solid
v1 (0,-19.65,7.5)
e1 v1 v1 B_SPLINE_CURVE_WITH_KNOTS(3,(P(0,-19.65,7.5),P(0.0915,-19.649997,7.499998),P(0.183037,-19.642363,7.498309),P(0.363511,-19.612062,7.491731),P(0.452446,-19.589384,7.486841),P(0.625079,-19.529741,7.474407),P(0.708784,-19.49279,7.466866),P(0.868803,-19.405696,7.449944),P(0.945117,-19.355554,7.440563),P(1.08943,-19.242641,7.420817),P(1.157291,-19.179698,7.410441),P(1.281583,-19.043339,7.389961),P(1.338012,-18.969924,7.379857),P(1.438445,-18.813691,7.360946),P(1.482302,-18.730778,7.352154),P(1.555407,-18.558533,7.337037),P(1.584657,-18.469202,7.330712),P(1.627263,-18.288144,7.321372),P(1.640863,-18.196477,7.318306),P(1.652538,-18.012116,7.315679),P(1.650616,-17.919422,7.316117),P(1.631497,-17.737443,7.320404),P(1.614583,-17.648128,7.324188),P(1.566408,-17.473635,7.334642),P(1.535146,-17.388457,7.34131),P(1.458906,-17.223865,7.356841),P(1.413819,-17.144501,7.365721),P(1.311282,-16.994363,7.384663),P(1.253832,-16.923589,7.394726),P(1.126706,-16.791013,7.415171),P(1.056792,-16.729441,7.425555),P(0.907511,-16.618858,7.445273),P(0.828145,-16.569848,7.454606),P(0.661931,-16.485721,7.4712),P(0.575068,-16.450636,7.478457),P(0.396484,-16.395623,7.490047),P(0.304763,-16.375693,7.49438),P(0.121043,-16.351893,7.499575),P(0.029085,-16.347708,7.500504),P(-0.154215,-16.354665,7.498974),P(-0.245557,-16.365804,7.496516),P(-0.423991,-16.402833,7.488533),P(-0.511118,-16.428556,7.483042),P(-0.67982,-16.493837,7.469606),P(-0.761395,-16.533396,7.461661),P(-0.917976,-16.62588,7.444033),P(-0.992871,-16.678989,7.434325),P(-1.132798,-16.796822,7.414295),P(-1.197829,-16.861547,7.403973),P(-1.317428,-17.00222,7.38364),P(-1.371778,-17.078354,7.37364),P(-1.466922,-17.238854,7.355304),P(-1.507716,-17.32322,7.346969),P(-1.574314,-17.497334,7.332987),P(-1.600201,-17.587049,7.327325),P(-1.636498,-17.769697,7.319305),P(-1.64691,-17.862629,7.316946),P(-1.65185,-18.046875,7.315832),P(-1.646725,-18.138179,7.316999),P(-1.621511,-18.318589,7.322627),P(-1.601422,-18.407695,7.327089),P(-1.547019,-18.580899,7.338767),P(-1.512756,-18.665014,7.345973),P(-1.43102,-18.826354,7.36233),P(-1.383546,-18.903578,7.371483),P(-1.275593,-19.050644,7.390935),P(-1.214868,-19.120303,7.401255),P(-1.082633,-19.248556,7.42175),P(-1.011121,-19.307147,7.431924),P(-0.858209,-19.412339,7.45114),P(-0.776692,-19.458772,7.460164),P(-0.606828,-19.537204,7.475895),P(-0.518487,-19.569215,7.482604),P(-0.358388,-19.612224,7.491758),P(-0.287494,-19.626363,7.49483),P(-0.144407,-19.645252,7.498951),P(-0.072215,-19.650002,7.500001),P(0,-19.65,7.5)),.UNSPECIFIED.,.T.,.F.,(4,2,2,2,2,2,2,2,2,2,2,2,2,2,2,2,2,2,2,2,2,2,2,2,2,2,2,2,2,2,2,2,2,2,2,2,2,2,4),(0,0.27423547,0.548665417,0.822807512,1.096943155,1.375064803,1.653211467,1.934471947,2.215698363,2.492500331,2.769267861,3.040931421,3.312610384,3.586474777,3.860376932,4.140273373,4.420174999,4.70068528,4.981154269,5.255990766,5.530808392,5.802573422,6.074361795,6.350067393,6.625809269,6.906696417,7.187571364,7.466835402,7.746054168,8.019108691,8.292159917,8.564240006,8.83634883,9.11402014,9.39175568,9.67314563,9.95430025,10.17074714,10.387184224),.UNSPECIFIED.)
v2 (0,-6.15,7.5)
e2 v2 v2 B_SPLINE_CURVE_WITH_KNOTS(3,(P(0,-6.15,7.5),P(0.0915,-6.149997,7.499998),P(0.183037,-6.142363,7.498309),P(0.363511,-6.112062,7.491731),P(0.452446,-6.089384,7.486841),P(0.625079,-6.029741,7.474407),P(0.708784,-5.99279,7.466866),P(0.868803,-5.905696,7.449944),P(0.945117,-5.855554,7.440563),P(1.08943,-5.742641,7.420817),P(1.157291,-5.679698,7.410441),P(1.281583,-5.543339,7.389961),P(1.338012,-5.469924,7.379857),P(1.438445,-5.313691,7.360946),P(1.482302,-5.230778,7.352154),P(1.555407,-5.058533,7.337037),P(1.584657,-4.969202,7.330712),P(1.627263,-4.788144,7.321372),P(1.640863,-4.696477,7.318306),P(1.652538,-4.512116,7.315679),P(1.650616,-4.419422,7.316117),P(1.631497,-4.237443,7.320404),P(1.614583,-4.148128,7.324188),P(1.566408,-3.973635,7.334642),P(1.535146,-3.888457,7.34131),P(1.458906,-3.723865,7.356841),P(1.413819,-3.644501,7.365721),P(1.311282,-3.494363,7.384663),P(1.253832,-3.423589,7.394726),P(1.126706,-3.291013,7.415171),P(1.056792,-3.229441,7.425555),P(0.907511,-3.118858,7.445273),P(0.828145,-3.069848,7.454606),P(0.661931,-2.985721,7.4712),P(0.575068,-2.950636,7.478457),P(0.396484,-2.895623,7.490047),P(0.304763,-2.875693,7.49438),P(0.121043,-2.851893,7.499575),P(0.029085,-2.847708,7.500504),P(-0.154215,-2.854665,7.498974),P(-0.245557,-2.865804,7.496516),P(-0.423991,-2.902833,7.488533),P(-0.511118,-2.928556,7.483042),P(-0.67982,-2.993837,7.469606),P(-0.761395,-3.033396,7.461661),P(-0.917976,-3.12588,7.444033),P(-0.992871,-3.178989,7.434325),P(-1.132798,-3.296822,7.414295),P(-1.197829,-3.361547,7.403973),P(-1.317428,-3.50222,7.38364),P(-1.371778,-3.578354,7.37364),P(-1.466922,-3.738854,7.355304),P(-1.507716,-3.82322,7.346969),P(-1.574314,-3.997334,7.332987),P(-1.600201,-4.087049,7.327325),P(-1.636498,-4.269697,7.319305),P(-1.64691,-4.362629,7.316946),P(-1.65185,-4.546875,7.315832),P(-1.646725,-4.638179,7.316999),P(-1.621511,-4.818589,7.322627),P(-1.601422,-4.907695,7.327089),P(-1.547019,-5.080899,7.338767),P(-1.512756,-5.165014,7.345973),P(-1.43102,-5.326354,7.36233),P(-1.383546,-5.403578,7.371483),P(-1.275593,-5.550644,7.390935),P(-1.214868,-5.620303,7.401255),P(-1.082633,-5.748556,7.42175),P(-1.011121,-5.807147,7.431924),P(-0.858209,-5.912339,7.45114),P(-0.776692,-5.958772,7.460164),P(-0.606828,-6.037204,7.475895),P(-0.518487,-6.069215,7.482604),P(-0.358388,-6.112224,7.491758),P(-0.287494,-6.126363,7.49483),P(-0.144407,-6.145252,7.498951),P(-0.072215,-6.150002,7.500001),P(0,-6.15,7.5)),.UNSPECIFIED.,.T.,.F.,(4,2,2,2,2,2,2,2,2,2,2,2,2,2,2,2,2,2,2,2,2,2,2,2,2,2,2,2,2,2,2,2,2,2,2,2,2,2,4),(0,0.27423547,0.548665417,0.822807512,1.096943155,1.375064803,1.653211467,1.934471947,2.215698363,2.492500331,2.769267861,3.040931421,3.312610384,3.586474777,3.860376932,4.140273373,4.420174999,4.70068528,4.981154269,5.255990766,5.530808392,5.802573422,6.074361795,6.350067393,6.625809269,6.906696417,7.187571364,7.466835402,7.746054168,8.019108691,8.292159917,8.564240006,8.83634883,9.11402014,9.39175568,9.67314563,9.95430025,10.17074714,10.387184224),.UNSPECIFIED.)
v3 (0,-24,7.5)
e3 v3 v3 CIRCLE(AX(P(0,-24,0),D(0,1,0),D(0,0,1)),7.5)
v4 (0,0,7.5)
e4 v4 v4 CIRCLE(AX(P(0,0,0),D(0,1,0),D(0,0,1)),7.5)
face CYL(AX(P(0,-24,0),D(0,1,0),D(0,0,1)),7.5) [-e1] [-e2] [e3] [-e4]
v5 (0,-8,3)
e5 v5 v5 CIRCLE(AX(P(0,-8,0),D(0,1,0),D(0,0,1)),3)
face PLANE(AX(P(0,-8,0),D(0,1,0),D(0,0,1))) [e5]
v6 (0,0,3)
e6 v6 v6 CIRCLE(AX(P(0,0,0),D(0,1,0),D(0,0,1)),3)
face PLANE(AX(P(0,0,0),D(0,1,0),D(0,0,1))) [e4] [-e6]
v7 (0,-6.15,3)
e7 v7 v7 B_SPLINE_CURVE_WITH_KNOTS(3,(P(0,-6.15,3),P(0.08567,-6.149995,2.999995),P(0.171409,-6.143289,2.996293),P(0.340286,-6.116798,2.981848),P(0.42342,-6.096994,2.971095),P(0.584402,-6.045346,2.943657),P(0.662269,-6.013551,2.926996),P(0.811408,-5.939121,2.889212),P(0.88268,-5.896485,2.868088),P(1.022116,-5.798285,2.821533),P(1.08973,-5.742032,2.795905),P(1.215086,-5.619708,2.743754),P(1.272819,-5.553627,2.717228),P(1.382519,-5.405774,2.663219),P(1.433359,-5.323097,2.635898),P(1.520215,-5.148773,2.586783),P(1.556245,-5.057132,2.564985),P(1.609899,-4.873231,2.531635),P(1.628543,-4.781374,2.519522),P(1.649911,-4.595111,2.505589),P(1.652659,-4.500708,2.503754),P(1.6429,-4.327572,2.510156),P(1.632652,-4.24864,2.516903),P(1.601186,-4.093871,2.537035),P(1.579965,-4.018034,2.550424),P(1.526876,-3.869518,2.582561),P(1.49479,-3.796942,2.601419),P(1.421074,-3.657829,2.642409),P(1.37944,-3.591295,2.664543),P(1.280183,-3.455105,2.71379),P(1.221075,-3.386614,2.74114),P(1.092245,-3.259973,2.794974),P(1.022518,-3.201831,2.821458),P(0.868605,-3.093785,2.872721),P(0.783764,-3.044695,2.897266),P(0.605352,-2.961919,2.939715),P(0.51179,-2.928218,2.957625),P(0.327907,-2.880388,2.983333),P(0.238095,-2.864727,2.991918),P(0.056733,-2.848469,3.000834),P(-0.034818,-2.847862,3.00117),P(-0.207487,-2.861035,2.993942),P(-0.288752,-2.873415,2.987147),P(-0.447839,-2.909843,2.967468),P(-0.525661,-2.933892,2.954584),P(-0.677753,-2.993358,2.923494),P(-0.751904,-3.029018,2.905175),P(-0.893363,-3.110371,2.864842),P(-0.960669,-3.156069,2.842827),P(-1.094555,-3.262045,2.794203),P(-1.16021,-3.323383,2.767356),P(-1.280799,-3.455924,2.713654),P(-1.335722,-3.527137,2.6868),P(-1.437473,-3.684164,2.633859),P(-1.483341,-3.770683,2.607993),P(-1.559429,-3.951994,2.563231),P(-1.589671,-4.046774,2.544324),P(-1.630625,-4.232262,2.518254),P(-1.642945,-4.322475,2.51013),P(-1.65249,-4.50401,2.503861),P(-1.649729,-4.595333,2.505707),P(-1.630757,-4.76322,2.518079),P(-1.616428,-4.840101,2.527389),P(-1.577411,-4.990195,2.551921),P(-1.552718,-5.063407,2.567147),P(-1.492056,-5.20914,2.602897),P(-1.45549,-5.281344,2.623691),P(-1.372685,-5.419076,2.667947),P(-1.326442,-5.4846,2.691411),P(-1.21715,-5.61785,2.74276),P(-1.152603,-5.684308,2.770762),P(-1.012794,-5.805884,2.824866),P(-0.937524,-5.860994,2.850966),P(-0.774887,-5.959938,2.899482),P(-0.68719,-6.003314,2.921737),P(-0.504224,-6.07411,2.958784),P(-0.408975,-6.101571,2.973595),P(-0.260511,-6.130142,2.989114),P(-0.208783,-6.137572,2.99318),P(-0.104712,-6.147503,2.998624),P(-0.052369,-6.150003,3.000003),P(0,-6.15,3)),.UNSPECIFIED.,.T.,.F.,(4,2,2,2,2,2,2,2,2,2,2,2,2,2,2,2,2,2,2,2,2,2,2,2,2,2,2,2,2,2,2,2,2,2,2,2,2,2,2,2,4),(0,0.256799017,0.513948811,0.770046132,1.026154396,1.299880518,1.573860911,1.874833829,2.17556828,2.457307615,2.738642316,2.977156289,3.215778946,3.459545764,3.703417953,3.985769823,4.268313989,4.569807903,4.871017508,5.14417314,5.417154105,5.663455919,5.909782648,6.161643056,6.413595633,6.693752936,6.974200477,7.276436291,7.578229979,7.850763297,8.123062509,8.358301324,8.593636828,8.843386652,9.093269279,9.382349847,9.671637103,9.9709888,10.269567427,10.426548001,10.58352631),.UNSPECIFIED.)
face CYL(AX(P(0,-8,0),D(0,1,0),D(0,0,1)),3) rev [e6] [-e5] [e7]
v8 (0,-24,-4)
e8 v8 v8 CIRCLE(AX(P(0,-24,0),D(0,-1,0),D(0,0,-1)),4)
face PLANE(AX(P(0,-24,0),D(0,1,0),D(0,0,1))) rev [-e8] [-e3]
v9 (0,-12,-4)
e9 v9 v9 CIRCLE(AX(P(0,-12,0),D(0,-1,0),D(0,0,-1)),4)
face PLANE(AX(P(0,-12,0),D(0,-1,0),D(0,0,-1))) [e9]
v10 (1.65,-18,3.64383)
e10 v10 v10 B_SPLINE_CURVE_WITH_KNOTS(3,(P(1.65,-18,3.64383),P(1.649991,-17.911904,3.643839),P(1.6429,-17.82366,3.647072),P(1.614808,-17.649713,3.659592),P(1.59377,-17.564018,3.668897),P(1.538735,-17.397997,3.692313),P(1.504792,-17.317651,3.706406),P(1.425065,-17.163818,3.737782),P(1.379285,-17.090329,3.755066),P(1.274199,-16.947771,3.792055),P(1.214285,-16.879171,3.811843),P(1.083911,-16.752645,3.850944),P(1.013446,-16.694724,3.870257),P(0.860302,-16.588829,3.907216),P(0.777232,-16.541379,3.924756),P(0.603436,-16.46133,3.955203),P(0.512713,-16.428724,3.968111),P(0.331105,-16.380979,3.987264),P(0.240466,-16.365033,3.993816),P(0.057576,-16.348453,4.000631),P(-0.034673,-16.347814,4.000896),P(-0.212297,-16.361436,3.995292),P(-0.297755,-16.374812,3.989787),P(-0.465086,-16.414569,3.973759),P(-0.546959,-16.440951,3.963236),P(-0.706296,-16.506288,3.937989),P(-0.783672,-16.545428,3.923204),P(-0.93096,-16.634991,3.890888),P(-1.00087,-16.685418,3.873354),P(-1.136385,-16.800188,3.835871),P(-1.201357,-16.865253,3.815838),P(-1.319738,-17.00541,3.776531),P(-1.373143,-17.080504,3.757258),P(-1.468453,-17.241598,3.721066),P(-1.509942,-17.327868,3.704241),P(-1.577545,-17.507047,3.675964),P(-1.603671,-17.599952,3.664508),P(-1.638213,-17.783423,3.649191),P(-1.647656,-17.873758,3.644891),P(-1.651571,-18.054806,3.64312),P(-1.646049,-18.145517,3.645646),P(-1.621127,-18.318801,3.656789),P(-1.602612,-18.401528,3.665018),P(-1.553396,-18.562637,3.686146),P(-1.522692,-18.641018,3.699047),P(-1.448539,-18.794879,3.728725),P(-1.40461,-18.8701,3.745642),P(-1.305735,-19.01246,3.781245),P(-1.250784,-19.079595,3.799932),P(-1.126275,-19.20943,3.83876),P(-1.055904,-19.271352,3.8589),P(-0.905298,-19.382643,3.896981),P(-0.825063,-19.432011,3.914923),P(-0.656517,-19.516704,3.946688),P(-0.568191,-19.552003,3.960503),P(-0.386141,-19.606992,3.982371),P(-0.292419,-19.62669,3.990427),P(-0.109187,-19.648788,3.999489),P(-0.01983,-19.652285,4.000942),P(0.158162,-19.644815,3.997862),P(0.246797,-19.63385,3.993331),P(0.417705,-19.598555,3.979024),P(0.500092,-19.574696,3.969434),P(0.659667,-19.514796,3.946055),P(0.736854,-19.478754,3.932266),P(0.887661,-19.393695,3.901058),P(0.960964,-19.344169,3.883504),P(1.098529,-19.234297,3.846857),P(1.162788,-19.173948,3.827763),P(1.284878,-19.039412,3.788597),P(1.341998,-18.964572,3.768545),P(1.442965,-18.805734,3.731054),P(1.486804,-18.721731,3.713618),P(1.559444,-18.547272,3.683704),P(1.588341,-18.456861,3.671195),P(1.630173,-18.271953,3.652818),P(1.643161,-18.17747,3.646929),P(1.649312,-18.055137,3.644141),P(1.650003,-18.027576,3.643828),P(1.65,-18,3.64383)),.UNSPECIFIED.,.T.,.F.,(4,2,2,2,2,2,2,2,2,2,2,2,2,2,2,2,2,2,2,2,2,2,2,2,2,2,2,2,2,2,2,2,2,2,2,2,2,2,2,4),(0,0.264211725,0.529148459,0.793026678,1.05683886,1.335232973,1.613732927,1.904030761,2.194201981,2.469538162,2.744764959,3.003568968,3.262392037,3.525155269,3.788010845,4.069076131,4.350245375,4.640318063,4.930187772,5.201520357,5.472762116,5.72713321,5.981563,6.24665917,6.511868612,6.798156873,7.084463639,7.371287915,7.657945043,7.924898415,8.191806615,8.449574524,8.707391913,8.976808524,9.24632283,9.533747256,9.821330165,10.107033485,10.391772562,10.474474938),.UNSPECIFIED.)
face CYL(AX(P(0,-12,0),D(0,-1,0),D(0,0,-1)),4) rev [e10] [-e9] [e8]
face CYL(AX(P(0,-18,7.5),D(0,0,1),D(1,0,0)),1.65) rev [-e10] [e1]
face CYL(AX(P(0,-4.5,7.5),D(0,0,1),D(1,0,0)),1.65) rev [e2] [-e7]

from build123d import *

# Parameters (mm, degrees)
SKETCH1_R              = 7.5
BOSS_EXTRUDE1_DEPTH    = 24
SKETCH6_R              = 3
CUT_EXTRUDE3_DEPTH     = 8
SKETCH3_R              = 4
CUT_EXTRUDE2_DEPTH     = 12
M4_TAPPED_HOLE1_REACH  = 17
M4_TAPPED_HOLE1_BORE_R = 1.65


with BuildPart() as part:
    # Sketch1 → Boss-Extrude1 (new body)
    with BuildSketch(Plane(origin=(0, 0, 0), x_dir=(1, 0, 0), z_dir=(0, 1, 0))):
        with Locations(Location((0, 0, 0), (0, 0, 270))):  # turned: the seam where the file's is
            Circle(SKETCH1_R)
    extrude(amount=-BOSS_EXTRUDE1_DEPTH)

    # Sketch6 → Cut-Extrude3 (cut)
    with BuildSketch(Plane(origin=(0, 0, 0), x_dir=(1, 0, 0), z_dir=(0, 1, 0))):
        with Locations(Location((0, 0, 0), (0, 0, 270))):  # turned: the seam where the file's is
            Circle(SKETCH6_R)
    extrude(amount=-CUT_EXTRUDE3_DEPTH, mode=Mode.SUBTRACT)

    # Sketch3 → Cut-Extrude2 (cut)
    with BuildSketch(Plane.XZ.offset(24)):
        with Locations(Location((0, 0, 0), (0, 0, 270))):  # turned: the seam where the file's is
            Circle(SKETCH3_R)
    extrude(amount=-CUT_EXTRUDE2_DEPTH, mode=Mode.SUBTRACT)

    # M4 Tapped Hole1 bore (on position points) → M4 Tapped Hole1 (cut, up to next)
    with BuildSketch(Plane(origin=(0, -4.5, 7.5), x_dir=(1, 0, 0), z_dir=(0, 0, 1)), mode=Mode.PRIVATE) as m4_tapped_hole1_sk1:
        Circle(M4_TAPPED_HOLE1_BORE_R)
    m4_tapped_hole1_tool1 = extrude(m4_tapped_hole1_sk1.sketch, amount=-M4_TAPPED_HOLE1_REACH, mode=Mode.PRIVATE) & part.part
    add(m4_tapped_hole1_tool1.solids().sort_by_distance((0, -4.5, 7.5))[0], mode=Mode.SUBTRACT)
    # M4 Tapped Hole1 bore (on position points) → M4 Tapped Hole1 (cut, up to next)
    with BuildSketch(Plane(origin=(0, -4.5, 7.5), x_dir=(1, 0, 0), z_dir=(0, 0, 1)), mode=Mode.PRIVATE) as m4_tapped_hole1_sk2:
        with Locations((0, -13.5)):
            Circle(M4_TAPPED_HOLE1_BORE_R)
    m4_tapped_hole1_tool2 = extrude(m4_tapped_hole1_sk2.sketch, amount=-M4_TAPPED_HOLE1_REACH, mode=Mode.PRIVATE) & part.part
    add(m4_tapped_hole1_tool2.solids().sort_by_distance((0, -18, 7.5))[0], mode=Mode.SUBTRACT)


solid = part.part
